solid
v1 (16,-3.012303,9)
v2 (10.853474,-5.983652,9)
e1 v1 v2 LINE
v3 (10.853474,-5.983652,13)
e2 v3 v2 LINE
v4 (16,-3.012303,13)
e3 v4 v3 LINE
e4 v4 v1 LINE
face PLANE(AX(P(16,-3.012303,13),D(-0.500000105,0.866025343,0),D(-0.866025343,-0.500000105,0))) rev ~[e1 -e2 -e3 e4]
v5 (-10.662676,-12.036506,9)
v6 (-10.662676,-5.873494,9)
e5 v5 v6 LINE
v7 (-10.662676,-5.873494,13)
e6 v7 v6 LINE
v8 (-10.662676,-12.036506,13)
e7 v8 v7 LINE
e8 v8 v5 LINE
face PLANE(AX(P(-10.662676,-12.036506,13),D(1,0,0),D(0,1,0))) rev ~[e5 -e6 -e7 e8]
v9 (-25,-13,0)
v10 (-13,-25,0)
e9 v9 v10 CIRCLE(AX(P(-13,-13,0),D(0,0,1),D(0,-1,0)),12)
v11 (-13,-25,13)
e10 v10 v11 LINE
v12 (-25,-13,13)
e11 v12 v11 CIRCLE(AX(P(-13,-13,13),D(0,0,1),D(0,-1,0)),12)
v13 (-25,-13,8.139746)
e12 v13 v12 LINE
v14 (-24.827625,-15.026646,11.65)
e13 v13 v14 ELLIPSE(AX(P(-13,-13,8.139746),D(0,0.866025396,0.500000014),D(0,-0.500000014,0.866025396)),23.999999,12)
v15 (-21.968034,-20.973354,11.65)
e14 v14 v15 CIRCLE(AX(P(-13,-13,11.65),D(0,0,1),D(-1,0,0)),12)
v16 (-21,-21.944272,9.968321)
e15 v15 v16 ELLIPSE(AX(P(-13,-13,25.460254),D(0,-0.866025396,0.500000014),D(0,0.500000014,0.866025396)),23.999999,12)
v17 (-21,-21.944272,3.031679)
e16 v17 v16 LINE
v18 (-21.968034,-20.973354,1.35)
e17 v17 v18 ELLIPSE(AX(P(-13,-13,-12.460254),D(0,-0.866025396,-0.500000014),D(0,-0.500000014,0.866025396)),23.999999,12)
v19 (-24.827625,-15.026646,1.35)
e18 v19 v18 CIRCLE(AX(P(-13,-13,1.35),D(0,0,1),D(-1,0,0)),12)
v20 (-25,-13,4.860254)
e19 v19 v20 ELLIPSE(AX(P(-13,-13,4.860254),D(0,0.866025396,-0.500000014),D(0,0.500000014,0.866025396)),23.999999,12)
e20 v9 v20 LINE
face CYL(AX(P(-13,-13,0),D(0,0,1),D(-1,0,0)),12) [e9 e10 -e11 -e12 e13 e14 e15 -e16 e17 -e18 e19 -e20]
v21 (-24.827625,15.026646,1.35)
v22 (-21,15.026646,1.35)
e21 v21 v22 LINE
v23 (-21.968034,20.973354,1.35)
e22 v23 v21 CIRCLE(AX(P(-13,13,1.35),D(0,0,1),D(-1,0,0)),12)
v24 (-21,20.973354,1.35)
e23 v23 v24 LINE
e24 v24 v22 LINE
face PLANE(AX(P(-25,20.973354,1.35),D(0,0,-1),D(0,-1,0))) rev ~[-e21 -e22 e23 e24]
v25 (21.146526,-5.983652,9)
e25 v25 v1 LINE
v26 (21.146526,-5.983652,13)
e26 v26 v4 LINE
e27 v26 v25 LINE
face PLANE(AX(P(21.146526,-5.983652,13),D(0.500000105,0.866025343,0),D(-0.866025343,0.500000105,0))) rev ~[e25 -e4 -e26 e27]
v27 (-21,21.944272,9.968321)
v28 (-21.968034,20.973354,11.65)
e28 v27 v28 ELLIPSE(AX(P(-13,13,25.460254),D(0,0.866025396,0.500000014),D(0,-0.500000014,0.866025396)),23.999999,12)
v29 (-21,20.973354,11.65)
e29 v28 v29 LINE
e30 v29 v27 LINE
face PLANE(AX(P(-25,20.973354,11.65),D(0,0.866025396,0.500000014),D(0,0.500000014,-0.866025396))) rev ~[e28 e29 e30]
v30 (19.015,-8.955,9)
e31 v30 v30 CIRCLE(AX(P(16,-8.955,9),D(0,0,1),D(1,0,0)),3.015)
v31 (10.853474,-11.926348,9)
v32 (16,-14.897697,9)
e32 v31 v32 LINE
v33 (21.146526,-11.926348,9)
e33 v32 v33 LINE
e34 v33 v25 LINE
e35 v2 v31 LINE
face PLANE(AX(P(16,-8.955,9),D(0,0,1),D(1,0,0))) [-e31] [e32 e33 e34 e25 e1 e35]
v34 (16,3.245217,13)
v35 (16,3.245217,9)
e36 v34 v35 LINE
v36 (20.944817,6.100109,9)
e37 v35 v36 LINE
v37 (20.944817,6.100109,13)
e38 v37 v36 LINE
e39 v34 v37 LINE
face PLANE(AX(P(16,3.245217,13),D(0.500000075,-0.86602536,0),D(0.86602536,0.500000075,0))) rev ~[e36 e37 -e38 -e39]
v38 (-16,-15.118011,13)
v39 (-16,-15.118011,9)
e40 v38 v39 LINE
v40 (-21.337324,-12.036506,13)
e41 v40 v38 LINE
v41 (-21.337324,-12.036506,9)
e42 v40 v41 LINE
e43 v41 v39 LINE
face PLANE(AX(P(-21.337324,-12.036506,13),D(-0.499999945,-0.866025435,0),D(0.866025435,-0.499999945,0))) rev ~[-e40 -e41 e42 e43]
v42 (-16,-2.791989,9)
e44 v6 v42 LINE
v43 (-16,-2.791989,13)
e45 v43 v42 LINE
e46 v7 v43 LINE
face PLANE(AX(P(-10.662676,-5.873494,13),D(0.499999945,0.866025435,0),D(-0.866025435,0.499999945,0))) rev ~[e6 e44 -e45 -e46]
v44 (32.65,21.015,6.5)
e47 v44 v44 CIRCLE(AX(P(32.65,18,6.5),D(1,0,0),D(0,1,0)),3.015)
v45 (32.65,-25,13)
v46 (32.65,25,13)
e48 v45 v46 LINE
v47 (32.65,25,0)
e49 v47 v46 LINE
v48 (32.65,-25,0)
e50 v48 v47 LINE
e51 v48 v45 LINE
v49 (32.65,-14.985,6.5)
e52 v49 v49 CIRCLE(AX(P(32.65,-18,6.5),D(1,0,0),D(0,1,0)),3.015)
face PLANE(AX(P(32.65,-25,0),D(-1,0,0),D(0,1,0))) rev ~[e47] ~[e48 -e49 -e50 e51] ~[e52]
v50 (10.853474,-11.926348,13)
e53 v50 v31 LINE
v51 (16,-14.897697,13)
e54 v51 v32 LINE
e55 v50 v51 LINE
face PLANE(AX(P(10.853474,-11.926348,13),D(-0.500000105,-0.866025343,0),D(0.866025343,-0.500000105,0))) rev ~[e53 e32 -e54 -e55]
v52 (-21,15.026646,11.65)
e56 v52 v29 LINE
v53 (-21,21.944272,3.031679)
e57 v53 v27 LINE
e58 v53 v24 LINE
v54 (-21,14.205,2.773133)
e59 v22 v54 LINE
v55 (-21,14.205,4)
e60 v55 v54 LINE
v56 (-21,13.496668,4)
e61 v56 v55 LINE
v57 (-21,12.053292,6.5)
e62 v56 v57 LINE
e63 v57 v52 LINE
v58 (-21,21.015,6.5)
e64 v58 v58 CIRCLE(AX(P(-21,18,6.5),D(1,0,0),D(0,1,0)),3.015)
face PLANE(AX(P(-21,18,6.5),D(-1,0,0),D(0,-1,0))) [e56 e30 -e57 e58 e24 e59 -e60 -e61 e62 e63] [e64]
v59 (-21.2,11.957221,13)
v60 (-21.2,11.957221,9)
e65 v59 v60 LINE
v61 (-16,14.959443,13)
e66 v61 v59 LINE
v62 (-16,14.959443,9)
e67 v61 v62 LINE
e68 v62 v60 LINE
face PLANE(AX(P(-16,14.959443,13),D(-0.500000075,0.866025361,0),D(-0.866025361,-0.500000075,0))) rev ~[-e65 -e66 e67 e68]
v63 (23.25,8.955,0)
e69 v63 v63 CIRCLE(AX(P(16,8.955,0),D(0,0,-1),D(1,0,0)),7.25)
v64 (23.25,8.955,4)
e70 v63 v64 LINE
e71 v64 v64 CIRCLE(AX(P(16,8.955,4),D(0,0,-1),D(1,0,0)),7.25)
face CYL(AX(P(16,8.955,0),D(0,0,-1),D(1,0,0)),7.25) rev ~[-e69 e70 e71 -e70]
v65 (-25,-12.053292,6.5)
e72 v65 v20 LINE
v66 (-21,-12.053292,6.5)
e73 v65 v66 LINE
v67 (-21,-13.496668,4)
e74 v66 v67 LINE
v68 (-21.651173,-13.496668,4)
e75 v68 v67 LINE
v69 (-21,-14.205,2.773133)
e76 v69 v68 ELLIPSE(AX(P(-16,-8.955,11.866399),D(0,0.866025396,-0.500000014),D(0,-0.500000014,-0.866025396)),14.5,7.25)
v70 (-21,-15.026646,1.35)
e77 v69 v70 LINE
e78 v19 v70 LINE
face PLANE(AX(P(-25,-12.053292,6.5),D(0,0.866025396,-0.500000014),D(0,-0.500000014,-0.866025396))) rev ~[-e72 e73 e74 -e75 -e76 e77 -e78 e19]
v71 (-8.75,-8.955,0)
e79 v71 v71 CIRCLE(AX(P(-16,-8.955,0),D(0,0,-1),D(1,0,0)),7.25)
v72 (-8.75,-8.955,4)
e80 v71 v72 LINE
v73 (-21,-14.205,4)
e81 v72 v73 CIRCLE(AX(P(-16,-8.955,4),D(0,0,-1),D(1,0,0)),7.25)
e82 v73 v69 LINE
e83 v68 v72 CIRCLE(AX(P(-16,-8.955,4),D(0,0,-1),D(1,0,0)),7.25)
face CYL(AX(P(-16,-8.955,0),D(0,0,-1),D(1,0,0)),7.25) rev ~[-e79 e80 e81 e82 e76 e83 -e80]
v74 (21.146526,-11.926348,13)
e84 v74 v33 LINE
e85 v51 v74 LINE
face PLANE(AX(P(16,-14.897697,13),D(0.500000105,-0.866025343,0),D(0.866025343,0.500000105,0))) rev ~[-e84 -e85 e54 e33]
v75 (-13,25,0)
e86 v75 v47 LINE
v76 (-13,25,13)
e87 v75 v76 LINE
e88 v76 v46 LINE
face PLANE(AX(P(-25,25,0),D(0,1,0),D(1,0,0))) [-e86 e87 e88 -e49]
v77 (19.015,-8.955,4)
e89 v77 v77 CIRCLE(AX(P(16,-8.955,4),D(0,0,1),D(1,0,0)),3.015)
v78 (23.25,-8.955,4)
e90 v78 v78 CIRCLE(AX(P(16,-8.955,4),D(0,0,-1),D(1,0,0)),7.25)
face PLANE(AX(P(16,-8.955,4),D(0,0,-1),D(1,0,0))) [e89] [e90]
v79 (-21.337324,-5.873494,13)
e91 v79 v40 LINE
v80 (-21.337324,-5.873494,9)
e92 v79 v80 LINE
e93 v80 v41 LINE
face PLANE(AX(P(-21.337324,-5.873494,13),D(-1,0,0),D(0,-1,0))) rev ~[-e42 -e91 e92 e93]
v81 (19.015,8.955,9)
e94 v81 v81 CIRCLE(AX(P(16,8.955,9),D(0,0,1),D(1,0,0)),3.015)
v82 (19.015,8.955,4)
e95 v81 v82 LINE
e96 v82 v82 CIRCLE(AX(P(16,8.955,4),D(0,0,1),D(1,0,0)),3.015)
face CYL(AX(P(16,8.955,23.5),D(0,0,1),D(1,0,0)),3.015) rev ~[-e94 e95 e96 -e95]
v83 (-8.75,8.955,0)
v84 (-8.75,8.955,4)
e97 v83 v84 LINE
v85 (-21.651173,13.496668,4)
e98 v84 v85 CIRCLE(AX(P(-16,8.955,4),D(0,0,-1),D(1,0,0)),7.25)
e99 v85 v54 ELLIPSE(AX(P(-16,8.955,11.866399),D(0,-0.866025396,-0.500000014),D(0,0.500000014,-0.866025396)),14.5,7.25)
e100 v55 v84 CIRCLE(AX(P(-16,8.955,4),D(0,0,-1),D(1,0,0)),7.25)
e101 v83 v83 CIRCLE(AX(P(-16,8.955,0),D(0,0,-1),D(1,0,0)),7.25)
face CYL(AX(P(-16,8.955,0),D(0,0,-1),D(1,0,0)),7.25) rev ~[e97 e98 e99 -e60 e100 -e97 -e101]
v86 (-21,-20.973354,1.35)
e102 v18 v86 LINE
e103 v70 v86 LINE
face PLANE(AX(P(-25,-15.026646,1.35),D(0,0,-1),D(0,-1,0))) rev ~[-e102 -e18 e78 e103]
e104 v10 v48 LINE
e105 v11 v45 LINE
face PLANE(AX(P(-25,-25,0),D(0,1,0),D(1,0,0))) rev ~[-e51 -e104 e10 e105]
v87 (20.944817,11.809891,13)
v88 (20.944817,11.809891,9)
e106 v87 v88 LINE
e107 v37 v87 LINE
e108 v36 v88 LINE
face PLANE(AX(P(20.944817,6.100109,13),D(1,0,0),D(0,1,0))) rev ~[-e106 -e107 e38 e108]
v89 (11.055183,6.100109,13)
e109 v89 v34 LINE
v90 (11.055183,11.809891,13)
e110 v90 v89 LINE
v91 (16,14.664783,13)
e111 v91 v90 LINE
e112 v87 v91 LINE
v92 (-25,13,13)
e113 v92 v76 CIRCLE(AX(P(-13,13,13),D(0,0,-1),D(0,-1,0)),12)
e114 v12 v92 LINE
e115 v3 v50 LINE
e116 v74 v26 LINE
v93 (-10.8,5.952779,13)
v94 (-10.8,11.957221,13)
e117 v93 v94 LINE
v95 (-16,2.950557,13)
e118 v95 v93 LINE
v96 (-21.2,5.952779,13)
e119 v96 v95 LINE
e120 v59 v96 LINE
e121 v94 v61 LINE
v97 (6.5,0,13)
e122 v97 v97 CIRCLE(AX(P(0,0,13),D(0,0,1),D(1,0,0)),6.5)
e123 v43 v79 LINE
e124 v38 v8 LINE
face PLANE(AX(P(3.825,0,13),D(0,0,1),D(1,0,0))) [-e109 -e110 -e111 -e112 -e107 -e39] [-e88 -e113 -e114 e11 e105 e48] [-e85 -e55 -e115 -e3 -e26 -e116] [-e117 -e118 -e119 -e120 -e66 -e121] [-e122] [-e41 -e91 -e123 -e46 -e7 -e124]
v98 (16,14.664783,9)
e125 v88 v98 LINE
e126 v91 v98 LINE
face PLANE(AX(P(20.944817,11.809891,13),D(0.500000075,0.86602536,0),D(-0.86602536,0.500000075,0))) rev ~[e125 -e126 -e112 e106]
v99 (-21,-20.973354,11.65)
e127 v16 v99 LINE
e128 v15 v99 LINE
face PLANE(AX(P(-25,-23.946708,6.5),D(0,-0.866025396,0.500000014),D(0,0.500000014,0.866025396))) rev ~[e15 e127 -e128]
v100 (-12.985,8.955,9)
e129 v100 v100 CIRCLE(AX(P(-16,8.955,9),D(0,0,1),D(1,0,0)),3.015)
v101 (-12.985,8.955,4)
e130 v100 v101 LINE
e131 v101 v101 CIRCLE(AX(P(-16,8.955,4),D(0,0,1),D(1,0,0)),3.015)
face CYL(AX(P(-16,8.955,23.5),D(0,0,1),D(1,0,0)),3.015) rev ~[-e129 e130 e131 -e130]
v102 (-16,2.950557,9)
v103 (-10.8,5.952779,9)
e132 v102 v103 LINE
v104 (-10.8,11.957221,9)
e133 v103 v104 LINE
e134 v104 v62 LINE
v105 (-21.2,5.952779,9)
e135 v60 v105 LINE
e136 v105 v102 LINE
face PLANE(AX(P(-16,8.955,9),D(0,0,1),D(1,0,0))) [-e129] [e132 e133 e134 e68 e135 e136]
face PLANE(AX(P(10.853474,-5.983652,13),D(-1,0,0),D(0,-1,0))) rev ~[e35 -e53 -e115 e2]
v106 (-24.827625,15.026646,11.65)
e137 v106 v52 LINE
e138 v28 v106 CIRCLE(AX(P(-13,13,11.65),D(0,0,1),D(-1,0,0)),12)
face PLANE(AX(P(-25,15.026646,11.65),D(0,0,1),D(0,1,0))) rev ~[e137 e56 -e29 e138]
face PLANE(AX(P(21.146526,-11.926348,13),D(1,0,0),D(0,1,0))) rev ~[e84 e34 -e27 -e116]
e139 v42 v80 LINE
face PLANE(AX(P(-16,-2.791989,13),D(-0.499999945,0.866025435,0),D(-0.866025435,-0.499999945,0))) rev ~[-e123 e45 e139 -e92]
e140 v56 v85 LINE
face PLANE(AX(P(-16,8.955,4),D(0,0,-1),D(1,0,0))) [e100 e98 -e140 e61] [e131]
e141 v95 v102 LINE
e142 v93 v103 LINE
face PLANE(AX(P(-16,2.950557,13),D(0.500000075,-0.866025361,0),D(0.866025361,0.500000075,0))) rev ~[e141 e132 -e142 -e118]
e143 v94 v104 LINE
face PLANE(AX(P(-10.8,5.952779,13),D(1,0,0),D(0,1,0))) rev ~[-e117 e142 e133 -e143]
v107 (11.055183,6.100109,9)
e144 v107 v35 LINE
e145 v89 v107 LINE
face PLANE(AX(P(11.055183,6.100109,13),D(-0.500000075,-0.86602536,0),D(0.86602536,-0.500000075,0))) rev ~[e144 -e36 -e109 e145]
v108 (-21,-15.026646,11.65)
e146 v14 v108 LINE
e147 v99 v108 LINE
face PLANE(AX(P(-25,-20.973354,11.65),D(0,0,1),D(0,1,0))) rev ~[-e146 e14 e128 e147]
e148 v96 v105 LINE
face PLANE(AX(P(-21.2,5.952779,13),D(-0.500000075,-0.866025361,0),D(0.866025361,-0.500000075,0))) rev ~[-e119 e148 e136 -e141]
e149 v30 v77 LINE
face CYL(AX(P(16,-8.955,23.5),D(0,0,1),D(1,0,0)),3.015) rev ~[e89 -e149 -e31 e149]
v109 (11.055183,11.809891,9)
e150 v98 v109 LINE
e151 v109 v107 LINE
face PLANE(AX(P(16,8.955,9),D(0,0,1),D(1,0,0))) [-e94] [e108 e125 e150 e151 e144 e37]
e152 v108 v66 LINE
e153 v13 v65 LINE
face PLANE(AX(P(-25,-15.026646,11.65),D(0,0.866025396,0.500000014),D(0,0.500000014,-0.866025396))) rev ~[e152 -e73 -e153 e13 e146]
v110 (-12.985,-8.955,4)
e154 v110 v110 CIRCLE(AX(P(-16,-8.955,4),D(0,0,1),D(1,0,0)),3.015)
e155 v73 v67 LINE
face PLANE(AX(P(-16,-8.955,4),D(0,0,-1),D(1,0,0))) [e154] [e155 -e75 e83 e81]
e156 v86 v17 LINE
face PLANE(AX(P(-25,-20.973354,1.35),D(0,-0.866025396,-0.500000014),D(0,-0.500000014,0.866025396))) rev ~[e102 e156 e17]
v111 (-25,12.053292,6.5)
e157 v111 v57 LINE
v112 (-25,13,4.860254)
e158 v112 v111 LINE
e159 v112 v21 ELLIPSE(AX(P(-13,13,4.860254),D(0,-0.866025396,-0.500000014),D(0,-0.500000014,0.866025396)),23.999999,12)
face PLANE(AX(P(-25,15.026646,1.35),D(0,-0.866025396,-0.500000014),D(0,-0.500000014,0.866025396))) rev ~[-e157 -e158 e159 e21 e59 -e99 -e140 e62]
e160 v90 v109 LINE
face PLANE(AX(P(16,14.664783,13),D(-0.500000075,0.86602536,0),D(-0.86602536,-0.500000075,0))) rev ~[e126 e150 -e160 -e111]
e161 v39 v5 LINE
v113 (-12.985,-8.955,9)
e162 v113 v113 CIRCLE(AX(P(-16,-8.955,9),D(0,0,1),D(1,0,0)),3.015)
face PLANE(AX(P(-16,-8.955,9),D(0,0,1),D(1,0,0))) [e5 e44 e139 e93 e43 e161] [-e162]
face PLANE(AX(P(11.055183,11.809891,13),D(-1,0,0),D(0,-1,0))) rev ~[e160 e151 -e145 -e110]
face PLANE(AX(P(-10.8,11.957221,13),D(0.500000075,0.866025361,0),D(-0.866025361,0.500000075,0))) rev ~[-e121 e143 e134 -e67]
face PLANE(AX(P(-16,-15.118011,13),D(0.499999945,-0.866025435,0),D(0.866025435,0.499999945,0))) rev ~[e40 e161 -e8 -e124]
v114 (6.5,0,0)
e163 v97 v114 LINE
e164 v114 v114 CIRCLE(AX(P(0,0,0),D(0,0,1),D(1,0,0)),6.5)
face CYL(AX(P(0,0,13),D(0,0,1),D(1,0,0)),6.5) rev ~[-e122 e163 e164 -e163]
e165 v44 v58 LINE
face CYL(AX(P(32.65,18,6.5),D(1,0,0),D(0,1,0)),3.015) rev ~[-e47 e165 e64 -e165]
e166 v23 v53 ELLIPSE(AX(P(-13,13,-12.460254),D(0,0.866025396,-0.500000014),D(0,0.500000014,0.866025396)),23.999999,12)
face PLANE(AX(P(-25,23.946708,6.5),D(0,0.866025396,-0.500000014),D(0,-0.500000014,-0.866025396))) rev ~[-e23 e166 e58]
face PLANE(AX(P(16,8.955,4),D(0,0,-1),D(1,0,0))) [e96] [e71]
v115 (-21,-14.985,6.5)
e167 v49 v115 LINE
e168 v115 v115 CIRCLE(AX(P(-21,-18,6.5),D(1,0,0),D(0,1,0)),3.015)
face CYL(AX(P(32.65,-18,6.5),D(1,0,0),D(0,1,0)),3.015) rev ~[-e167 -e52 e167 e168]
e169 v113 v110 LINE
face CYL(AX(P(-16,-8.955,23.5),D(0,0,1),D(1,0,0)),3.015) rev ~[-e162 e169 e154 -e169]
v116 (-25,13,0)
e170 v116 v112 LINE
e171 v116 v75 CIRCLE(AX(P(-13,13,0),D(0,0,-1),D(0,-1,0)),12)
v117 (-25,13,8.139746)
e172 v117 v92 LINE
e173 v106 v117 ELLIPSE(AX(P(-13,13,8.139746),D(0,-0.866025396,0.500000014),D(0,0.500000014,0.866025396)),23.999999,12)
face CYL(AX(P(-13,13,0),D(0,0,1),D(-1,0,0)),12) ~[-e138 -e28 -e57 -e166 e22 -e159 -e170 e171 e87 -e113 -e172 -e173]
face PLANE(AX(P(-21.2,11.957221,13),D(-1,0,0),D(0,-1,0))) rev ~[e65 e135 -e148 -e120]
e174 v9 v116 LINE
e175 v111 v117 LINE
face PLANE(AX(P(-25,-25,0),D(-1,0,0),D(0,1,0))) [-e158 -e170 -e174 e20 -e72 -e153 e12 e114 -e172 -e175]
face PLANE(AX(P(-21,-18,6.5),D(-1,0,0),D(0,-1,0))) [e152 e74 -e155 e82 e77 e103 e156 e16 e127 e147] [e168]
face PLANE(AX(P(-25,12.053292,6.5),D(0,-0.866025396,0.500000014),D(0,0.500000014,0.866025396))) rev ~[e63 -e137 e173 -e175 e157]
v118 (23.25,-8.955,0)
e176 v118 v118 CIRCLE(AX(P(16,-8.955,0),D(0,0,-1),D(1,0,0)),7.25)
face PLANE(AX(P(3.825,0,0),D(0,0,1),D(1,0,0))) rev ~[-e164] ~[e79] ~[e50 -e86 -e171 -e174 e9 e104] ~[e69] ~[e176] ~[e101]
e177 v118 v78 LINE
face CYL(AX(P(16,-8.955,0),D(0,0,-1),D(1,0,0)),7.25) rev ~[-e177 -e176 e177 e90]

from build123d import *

# Parameters (mm, degrees)
SKETCH008_W     = 57.65
SKETCH008_H     = 50
PAD_DEPTH       = 13
SKETCH009_R     = 3.015
POCKET_DEPTH    = 23.501
FILLET_R        = 12
SKETCH_R        = 6.5
POCKET001_DEPTH = 13.001
POCKET002_DEPTH = 4
SKETCH011_R     = 7.25
POCKET003_DEPTH = 4
SKETCH012_R     = 3.015
POCKET004_DEPTH = 57.651
POCKET005_DEPTH = 4


with BuildPart() as part:
    # Sketch008 → Pad (new body)
    with BuildSketch(Plane.XY):
        with Locations((3.825, 0)):
            Rectangle(SKETCH008_W, SKETCH008_H)
    extrude(amount=PAD_DEPTH)

    # Sketch009 → Pocket (cut, through all)
    with BuildSketch(Plane.XY.offset(23.5)):
        with Locations((-16, 8.955)):
            Circle(SKETCH009_R)
        with Locations((-16, -8.955)):
            Circle(SKETCH009_R)
        with Locations((16, 8.955)):
            Circle(SKETCH009_R)
        with Locations((16, -8.955)):
            Circle(SKETCH009_R)
    extrude(amount=-POCKET_DEPTH, mode=Mode.SUBTRACT)

    # Fillet
    fillet_edges = [part.edges().sort_by_distance(p)[0] for p in [
        (-25, 25, 6.5),
        (-25, -25, 6.5),
    ]]
    fillet(fillet_edges, radius=FILLET_R)

    # Sketch (on Face5 of Fillet) → Pocket001 (cut, through all)
    with BuildSketch(Plane.XY.offset(13)):
        Circle(SKETCH_R)
    extrude(amount=-POCKET001_DEPTH, mode=Mode.SUBTRACT)

    # Sketch010 (on Face5 of Pocket001) → Pocket002 (cut)
    with BuildSketch(Plane.XY.offset(13)):
        Polygon((-10.8, 11.957221), (-16, 14.959443), (-21.2, 11.957221), (-21.2, 5.952779), (-16, 2.950557), (-10.8, 5.952779), align=None)
        Polygon((20.944817, 11.809891), (16, 14.664783), (11.055183, 11.809891), (11.055183, 6.100109), (16, 3.245217), (20.944817, 6.100109), align=None)
        Polygon((-10.662676, -5.873494), (-16, -2.791989), (-21.337324, -5.873494), (-21.337324, -12.036506), (-16, -15.118011), (-10.662676, -12.036506), align=None)
        Polygon((21.146526, -5.983652), (16, -3.012303), (10.853474, -5.983652), (10.853474, -11.926348), (16, -14.897697), (21.146526, -11.926348), align=None)
    extrude(amount=-POCKET002_DEPTH, mode=Mode.SUBTRACT)

    # Sketch011 (on Face2 of Pocket002) → Pocket003 (cut)
    with BuildSketch(Plane(origin=(0, 0, 0), x_dir=(1, 0, 0), z_dir=(0, 0, -1))):
        with Locations((-16, 8.955)):
            Circle(SKETCH011_R)
        with Locations((16, 8.955)):
            Circle(SKETCH011_R)
        with Locations((-16, -8.955)):
            Circle(SKETCH011_R)
        with Locations((16, -8.955)):
            Circle(SKETCH011_R)
    extrude(amount=-POCKET003_DEPTH, mode=Mode.SUBTRACT)

    # Sketch012 (on Face4 of Pocket003) → Pocket004 (cut, through all)
    with BuildSketch(Plane.YZ.offset(32.65)):
        with Locations((18, 6.5)):
            Circle(SKETCH012_R)
        with Locations((-18, 6.5)):
            Circle(SKETCH012_R)
    extrude(amount=-POCKET004_DEPTH, mode=Mode.SUBTRACT)

    # Sketch013 (on Face6 of Pocket004) → Pocket005 (cut)
    with BuildSketch(Plane(origin=(-25, 0, 0), x_dir=(0, -1, 0), z_dir=(-1, 0, 0))):
        Polygon((-12.053292, 6.5), (-15.026646, 11.65), (-20.973354, 11.65), (-23.946708, 6.5), (-20.973354, 1.35), (-15.026646, 1.35), align=None)
        Polygon((23.946708, 6.5), (20.973354, 11.65), (15.026646, 11.65), (12.053292, 6.5), (15.026646, 1.35), (20.973354, 1.35), align=None)
    extrude(amount=-POCKET005_DEPTH, mode=Mode.SUBTRACT)


solid = part.part
